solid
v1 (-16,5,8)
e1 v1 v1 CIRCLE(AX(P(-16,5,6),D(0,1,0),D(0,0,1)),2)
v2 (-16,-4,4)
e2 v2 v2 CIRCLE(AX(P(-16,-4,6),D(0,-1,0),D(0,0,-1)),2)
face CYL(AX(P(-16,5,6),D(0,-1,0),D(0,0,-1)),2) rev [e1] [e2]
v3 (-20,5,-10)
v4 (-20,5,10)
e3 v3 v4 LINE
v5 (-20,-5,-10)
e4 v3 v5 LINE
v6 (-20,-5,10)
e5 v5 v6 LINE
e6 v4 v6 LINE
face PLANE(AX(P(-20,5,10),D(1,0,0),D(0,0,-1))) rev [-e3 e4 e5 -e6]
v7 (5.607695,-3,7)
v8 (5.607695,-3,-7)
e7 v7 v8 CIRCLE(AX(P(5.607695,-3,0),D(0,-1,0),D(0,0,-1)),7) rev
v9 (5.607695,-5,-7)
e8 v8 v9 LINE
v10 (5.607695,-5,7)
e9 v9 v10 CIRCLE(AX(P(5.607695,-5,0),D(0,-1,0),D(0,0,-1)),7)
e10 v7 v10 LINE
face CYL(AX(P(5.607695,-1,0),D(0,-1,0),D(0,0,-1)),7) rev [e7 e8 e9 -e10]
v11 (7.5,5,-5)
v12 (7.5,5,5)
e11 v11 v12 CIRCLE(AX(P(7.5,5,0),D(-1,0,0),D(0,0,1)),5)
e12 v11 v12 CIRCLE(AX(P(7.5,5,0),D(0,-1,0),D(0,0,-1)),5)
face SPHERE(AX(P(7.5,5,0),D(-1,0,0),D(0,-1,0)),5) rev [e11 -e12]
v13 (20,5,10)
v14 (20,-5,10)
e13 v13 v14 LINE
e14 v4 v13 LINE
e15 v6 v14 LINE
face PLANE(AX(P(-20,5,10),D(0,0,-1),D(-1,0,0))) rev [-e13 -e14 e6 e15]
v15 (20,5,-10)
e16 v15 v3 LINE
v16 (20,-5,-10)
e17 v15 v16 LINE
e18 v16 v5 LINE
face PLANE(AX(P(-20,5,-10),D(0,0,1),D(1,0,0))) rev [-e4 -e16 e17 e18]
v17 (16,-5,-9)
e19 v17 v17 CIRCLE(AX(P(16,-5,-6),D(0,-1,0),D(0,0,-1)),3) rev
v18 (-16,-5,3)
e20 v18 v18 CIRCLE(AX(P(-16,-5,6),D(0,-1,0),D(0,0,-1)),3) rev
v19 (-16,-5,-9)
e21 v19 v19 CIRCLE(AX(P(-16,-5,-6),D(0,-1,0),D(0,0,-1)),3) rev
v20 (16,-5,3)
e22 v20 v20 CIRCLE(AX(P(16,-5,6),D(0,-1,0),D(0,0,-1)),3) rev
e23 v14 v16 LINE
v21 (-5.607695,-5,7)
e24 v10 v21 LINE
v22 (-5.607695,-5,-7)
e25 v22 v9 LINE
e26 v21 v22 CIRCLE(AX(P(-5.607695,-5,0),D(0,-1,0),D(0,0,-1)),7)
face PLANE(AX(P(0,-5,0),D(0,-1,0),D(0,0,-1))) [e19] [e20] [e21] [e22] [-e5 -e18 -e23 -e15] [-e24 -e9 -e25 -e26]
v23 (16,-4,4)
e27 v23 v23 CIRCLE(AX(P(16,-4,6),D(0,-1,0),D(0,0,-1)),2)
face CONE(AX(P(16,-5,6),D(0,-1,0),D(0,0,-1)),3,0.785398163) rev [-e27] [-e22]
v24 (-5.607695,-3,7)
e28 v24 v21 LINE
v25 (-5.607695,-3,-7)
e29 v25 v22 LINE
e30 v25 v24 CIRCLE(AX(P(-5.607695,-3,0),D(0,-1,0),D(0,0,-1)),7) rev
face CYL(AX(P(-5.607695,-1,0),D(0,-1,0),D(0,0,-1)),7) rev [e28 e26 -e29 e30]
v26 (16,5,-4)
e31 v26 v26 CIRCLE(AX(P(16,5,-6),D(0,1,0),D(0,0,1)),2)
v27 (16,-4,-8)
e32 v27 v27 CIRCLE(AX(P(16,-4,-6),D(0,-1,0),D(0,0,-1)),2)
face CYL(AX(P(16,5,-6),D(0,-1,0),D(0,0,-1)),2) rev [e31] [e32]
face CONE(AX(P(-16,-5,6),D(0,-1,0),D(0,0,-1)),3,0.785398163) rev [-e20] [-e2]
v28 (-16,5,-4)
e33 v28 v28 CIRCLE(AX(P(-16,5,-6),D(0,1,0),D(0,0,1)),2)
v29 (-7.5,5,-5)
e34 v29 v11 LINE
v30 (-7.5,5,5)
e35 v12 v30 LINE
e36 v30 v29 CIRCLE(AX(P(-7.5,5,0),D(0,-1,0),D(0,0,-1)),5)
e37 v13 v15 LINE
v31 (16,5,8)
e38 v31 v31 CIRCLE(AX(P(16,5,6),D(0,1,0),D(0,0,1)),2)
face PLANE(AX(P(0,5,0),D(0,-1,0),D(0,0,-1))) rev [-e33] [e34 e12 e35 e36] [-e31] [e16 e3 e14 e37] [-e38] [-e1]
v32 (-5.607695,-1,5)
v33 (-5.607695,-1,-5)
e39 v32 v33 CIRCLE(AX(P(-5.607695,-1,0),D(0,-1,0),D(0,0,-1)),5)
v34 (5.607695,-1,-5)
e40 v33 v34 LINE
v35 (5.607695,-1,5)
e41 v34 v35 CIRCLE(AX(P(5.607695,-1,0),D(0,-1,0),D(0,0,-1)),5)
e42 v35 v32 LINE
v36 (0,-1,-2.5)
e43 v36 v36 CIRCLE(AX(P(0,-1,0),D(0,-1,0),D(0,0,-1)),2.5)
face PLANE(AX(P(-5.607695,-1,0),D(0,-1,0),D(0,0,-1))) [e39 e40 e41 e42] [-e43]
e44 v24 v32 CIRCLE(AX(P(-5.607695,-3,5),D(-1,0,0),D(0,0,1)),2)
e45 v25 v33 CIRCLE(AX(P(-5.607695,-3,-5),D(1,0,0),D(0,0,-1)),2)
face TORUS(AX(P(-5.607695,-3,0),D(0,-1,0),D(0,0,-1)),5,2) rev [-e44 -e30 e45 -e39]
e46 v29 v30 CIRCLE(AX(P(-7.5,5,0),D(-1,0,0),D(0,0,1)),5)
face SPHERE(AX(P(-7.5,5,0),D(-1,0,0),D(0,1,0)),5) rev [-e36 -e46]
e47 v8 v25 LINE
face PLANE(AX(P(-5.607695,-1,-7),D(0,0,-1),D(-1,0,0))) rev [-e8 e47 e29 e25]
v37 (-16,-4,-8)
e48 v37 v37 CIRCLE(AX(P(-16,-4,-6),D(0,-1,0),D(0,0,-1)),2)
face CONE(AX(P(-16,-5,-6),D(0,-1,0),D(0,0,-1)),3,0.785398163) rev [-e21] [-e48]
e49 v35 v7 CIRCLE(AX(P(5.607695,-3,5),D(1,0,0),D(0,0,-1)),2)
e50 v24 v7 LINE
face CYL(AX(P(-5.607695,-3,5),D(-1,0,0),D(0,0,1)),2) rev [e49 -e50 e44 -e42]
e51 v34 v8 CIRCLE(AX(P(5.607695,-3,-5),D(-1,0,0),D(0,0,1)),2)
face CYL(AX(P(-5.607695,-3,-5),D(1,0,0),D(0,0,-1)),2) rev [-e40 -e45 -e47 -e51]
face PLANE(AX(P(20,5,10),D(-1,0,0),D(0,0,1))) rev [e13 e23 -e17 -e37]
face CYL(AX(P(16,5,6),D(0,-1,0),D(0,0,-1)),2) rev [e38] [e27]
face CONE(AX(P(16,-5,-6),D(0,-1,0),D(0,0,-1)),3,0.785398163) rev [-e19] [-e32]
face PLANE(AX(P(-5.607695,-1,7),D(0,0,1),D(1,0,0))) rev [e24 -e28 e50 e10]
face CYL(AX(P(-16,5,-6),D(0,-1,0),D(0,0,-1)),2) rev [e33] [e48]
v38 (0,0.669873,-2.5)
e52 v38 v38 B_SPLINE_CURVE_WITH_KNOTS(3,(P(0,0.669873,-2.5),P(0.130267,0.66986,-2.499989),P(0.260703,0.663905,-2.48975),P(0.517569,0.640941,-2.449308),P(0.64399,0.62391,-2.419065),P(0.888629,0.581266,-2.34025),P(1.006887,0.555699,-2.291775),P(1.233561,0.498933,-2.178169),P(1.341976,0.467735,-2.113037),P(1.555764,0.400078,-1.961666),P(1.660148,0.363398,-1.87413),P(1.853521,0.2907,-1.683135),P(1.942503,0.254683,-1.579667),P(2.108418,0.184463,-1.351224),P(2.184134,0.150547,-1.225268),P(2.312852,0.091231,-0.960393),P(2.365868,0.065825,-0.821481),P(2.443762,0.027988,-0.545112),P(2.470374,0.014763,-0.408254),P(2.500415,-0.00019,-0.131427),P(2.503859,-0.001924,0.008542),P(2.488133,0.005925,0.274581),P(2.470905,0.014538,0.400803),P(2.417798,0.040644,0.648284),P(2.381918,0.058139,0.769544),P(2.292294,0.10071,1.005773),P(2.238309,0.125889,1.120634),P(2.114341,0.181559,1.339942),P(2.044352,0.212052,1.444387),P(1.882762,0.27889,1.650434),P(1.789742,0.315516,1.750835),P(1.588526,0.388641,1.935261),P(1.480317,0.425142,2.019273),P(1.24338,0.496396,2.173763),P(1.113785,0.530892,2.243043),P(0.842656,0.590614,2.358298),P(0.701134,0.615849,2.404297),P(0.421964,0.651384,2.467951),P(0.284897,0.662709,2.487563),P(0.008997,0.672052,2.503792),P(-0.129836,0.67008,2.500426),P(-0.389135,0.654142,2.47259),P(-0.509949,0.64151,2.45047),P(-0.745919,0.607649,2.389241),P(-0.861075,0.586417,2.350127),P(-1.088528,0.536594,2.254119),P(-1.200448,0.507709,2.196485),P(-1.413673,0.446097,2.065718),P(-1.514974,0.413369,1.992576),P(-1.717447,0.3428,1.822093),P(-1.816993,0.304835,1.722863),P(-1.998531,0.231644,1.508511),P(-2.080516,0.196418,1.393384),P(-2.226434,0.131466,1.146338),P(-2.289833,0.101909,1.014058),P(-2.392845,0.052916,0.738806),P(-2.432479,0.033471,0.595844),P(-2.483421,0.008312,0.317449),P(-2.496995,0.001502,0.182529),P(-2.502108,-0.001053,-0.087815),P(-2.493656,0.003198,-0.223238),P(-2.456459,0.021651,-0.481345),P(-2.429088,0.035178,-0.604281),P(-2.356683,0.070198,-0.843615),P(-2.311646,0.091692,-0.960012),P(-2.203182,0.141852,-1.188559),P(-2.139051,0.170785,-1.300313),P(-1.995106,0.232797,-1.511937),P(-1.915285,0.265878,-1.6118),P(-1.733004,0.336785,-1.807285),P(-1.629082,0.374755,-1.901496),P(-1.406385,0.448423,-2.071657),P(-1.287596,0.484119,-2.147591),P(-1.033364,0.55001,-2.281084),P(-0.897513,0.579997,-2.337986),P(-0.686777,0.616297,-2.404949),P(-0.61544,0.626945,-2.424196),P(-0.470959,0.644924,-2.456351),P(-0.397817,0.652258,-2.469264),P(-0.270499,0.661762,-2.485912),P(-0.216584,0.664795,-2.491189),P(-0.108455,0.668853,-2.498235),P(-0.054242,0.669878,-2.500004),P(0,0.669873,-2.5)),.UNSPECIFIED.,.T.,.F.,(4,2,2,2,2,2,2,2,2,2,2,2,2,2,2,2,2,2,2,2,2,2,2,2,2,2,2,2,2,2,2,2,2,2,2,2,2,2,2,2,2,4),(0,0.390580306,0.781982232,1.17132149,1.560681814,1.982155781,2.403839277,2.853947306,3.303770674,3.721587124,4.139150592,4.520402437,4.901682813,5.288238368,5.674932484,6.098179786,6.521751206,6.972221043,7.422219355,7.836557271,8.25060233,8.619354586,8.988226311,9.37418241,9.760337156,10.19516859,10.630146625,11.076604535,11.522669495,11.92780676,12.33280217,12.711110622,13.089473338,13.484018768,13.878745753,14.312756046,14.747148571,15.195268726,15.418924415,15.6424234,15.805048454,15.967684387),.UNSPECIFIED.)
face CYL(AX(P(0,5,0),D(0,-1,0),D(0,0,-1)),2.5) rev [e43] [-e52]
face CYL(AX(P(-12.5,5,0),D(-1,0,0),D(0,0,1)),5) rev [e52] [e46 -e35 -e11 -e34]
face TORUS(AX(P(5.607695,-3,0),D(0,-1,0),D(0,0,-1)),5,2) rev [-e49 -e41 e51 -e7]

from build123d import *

# Parameters (mm, degrees)
SKETCH1_W           = 40
SKETCH1_H           = 20
SKETCH1_R           = 2
SKETCH1_R_2         = 2.5
BOSS_EXTRUDE1_DEPTH = 5
CHAMFER1_SIZE       = 1
CUT_EXTRUDE1_DEPTH  = 4
FILLET1_R           = 2


with BuildPart() as part:
    # Sketch1 → Boss-Extrude1 (new, symmetric)
    with BuildSketch(Plane(origin=(0, 0, 0), x_dir=(1, 0, 0), z_dir=(0, 1, 0))):
        Rectangle(SKETCH1_W, SKETCH1_H)
        with Locations(Location((-16, 6, 0), (0, 0, 270))):
            Circle(SKETCH1_R, mode=Mode.SUBTRACT)
        with Locations(Location((16, 6, 0), (0, 0, 270))):
            Circle(SKETCH1_R, mode=Mode.SUBTRACT)
        with Locations(Location((16, -6, 0), (0, 0, 270))):
            Circle(SKETCH1_R, mode=Mode.SUBTRACT)
        with Locations(Location((-16, -6, 0), (0, 0, 270))):
            Circle(SKETCH1_R, mode=Mode.SUBTRACT)
        with Locations(Location((0, 0, 0), (0, 0, 270))):
            Circle(SKETCH1_R_2, mode=Mode.SUBTRACT)
    extrude(amount=BOSS_EXTRUDE1_DEPTH, both=True)

    # Sketch2 → Cut-Revolve1 (revolve, cut)
    with BuildSketch(Plane.XY):
        with BuildLine():
            Line((-12.5, 5), (12.5, 5))
            ThreePointArc((12.5, 5), (11.035533906, 1.464466094), (7.5, 0))
            Line((7.5, 0), (-7.5, 0))
            ThreePointArc((-7.5, 0), (-11.035533906, 1.464466094), (-12.5, 5))
        make_face()
    revolve(axis=Axis((-12.5, 5, 0), (1, 0, 0)), mode=Mode.SUBTRACT)

    # Chamfer1
    chamfer1_edges = [part.edges().sort_by_distance(p)[0] for p in [
        (-16, -5, -8),
        (16, -5, -8),
        (16, -5, 4),
        (-16, -5, 4),
    ]]
    chamfer(chamfer1_edges, length=CHAMFER1_SIZE)

    # Sketch3 → Cut-Extrude1 (cut)
    with BuildSketch(Plane.XZ.offset(5)):
        with BuildLine():
            Line((-5.607695155, 7), (5.607695155, 7))
            ThreePointArc((5.607695155, 7), (12.607695155, 0), (5.607695155, -7))
            Line((5.607695155, -7), (-5.607695155, -7))
            ThreePointArc((-5.607695155, -7), (-12.607695155, 0), (-5.607695155, 7))
        make_face()
    extrude(amount=-CUT_EXTRUDE1_DEPTH, mode=Mode.SUBTRACT)

    # Fillet1
    fillet1_edges = [part.edges().sort_by_distance(p)[0] for p in [
        (-12.607695155, -1, 0),
        (0, -1, 7),
        (12.607695155, -1, 0),
        (0, -1, -7),
    ]]
    fillet(fillet1_edges, radius=FILLET1_R)


solid = part.part
